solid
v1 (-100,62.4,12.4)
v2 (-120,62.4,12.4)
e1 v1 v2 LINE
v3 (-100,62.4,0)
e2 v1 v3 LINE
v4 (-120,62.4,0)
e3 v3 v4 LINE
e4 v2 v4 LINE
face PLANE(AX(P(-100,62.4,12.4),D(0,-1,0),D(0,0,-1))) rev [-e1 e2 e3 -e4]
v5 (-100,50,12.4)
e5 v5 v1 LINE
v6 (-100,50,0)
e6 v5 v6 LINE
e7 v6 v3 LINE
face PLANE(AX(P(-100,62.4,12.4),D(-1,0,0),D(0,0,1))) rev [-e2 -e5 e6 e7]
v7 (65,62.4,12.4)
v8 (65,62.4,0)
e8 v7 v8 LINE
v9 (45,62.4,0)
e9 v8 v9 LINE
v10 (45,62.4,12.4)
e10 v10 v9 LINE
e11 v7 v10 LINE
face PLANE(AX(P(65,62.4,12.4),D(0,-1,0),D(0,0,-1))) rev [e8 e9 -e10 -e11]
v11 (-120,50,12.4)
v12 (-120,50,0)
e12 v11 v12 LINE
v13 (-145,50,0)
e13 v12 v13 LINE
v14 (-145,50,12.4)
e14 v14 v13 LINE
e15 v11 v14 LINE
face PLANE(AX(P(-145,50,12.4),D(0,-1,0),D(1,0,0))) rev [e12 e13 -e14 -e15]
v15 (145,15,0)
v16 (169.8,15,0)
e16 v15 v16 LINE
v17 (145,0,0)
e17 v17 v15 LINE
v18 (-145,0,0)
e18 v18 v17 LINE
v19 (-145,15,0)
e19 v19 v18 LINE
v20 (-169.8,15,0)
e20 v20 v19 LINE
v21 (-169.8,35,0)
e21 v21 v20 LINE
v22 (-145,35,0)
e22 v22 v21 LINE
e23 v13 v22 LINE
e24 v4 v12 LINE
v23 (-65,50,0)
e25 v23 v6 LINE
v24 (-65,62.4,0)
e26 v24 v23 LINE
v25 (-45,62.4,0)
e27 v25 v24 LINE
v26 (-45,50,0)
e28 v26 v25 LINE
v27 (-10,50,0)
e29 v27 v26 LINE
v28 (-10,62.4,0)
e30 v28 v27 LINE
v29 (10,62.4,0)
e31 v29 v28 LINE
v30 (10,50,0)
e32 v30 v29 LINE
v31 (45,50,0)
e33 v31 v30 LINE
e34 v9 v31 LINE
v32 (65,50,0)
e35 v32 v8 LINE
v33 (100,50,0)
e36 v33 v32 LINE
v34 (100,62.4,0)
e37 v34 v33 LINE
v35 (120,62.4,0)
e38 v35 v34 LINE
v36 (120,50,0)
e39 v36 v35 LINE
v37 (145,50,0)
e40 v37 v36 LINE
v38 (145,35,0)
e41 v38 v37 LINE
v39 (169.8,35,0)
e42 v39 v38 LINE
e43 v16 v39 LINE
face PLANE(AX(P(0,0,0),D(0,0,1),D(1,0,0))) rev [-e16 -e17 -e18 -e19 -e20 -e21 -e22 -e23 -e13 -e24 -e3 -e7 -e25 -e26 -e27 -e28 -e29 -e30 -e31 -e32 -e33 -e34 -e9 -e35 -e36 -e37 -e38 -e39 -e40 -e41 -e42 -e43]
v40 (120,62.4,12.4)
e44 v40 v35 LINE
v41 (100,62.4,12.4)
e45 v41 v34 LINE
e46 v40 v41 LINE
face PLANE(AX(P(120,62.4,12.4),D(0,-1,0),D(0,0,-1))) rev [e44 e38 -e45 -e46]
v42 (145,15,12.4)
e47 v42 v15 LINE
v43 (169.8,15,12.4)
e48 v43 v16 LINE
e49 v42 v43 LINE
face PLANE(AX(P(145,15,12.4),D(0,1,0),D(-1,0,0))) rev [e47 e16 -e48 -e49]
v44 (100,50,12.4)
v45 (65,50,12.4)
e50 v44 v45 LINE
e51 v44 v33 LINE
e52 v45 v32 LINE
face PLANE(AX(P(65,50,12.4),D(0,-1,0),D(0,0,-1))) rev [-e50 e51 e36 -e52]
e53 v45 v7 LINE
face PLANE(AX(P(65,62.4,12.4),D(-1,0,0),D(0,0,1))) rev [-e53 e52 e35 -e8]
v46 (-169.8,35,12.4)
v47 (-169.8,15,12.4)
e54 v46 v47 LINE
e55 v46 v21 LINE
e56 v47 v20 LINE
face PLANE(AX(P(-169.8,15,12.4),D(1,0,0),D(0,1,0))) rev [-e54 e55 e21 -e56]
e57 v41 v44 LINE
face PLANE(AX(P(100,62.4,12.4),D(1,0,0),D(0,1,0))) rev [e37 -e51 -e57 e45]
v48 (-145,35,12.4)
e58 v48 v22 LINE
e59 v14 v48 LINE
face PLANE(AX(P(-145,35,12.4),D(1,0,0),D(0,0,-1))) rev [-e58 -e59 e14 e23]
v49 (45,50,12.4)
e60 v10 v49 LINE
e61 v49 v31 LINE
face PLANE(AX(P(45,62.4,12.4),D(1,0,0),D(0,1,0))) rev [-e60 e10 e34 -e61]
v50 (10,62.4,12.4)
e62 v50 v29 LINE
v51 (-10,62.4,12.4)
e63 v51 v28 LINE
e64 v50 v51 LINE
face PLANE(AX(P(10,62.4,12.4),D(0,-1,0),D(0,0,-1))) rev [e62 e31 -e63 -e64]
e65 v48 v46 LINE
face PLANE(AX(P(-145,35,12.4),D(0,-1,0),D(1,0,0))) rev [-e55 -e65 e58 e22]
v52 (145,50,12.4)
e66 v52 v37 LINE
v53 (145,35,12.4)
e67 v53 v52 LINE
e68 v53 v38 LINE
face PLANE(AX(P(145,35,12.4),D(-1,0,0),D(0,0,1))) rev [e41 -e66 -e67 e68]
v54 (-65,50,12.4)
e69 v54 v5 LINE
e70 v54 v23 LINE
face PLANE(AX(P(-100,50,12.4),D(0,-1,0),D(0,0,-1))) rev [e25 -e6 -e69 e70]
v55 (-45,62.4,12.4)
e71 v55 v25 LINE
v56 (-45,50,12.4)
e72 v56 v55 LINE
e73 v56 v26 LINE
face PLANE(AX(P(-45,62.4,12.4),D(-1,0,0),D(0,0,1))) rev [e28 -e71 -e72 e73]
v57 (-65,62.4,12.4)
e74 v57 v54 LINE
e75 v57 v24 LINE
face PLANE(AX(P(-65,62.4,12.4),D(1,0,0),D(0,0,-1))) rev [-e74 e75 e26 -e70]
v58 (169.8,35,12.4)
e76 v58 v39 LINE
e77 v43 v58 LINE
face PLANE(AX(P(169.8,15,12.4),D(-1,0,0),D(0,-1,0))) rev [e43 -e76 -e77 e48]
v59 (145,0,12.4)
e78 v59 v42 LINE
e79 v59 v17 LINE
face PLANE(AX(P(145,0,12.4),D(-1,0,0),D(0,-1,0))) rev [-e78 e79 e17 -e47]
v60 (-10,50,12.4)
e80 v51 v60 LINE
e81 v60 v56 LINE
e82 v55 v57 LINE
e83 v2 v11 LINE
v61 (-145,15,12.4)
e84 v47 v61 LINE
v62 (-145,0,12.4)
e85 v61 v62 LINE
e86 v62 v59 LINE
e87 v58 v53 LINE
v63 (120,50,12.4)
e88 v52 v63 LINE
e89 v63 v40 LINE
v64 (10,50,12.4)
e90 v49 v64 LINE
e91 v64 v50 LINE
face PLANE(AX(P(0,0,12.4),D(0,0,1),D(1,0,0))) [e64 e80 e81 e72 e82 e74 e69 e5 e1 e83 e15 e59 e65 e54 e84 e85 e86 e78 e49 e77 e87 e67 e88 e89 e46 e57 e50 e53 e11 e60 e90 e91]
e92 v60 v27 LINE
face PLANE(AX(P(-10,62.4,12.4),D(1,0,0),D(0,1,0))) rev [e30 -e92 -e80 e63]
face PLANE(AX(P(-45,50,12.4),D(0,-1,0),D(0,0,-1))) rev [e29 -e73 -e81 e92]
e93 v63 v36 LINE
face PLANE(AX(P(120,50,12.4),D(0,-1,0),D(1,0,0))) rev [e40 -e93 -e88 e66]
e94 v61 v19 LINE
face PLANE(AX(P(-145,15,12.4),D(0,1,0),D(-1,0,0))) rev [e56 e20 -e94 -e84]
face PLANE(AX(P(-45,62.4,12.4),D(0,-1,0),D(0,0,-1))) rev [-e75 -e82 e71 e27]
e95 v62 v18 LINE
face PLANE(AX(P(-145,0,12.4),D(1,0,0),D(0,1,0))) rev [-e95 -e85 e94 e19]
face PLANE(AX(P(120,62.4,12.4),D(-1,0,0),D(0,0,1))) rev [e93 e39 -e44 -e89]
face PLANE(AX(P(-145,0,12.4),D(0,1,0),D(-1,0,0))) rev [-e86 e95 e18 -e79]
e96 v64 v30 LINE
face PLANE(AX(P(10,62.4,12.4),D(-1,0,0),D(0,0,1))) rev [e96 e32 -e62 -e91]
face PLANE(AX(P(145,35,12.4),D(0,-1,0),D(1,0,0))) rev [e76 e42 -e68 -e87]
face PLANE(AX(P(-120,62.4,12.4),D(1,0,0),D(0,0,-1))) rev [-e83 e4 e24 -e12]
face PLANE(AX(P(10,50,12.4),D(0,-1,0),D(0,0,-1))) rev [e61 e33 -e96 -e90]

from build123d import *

# Parameters (mm, degrees)
BOSS_EXTRUDE1_DEPTH = 12.4


with BuildPart() as part:
    # Model → Boss-Extrude1 (new body)
    with BuildSketch(Plane.XY):
        Polygon((145, 35), (145, 50), (120, 50), (120, 62.4), (100, 62.4), (100, 50), (65, 50), (65, 62.4), (45, 62.4), (45, 50), (10, 50), (10, 62.4), (-10, 62.4), (-10, 50), (-45, 50), (-45, 62.4), (-65, 62.4), (-65, 50), (-100, 50), (-100, 62.4), (-120, 62.4), (-120, 50), (-145, 50), (-145, 35), (-169.8, 35), (-169.8, 15), (-145, 15), (-145, 0), (145, 0), (145, 15), (169.8, 15), (169.8, 35), align=None)
    extrude(amount=BOSS_EXTRUDE1_DEPTH)


solid = part.part
